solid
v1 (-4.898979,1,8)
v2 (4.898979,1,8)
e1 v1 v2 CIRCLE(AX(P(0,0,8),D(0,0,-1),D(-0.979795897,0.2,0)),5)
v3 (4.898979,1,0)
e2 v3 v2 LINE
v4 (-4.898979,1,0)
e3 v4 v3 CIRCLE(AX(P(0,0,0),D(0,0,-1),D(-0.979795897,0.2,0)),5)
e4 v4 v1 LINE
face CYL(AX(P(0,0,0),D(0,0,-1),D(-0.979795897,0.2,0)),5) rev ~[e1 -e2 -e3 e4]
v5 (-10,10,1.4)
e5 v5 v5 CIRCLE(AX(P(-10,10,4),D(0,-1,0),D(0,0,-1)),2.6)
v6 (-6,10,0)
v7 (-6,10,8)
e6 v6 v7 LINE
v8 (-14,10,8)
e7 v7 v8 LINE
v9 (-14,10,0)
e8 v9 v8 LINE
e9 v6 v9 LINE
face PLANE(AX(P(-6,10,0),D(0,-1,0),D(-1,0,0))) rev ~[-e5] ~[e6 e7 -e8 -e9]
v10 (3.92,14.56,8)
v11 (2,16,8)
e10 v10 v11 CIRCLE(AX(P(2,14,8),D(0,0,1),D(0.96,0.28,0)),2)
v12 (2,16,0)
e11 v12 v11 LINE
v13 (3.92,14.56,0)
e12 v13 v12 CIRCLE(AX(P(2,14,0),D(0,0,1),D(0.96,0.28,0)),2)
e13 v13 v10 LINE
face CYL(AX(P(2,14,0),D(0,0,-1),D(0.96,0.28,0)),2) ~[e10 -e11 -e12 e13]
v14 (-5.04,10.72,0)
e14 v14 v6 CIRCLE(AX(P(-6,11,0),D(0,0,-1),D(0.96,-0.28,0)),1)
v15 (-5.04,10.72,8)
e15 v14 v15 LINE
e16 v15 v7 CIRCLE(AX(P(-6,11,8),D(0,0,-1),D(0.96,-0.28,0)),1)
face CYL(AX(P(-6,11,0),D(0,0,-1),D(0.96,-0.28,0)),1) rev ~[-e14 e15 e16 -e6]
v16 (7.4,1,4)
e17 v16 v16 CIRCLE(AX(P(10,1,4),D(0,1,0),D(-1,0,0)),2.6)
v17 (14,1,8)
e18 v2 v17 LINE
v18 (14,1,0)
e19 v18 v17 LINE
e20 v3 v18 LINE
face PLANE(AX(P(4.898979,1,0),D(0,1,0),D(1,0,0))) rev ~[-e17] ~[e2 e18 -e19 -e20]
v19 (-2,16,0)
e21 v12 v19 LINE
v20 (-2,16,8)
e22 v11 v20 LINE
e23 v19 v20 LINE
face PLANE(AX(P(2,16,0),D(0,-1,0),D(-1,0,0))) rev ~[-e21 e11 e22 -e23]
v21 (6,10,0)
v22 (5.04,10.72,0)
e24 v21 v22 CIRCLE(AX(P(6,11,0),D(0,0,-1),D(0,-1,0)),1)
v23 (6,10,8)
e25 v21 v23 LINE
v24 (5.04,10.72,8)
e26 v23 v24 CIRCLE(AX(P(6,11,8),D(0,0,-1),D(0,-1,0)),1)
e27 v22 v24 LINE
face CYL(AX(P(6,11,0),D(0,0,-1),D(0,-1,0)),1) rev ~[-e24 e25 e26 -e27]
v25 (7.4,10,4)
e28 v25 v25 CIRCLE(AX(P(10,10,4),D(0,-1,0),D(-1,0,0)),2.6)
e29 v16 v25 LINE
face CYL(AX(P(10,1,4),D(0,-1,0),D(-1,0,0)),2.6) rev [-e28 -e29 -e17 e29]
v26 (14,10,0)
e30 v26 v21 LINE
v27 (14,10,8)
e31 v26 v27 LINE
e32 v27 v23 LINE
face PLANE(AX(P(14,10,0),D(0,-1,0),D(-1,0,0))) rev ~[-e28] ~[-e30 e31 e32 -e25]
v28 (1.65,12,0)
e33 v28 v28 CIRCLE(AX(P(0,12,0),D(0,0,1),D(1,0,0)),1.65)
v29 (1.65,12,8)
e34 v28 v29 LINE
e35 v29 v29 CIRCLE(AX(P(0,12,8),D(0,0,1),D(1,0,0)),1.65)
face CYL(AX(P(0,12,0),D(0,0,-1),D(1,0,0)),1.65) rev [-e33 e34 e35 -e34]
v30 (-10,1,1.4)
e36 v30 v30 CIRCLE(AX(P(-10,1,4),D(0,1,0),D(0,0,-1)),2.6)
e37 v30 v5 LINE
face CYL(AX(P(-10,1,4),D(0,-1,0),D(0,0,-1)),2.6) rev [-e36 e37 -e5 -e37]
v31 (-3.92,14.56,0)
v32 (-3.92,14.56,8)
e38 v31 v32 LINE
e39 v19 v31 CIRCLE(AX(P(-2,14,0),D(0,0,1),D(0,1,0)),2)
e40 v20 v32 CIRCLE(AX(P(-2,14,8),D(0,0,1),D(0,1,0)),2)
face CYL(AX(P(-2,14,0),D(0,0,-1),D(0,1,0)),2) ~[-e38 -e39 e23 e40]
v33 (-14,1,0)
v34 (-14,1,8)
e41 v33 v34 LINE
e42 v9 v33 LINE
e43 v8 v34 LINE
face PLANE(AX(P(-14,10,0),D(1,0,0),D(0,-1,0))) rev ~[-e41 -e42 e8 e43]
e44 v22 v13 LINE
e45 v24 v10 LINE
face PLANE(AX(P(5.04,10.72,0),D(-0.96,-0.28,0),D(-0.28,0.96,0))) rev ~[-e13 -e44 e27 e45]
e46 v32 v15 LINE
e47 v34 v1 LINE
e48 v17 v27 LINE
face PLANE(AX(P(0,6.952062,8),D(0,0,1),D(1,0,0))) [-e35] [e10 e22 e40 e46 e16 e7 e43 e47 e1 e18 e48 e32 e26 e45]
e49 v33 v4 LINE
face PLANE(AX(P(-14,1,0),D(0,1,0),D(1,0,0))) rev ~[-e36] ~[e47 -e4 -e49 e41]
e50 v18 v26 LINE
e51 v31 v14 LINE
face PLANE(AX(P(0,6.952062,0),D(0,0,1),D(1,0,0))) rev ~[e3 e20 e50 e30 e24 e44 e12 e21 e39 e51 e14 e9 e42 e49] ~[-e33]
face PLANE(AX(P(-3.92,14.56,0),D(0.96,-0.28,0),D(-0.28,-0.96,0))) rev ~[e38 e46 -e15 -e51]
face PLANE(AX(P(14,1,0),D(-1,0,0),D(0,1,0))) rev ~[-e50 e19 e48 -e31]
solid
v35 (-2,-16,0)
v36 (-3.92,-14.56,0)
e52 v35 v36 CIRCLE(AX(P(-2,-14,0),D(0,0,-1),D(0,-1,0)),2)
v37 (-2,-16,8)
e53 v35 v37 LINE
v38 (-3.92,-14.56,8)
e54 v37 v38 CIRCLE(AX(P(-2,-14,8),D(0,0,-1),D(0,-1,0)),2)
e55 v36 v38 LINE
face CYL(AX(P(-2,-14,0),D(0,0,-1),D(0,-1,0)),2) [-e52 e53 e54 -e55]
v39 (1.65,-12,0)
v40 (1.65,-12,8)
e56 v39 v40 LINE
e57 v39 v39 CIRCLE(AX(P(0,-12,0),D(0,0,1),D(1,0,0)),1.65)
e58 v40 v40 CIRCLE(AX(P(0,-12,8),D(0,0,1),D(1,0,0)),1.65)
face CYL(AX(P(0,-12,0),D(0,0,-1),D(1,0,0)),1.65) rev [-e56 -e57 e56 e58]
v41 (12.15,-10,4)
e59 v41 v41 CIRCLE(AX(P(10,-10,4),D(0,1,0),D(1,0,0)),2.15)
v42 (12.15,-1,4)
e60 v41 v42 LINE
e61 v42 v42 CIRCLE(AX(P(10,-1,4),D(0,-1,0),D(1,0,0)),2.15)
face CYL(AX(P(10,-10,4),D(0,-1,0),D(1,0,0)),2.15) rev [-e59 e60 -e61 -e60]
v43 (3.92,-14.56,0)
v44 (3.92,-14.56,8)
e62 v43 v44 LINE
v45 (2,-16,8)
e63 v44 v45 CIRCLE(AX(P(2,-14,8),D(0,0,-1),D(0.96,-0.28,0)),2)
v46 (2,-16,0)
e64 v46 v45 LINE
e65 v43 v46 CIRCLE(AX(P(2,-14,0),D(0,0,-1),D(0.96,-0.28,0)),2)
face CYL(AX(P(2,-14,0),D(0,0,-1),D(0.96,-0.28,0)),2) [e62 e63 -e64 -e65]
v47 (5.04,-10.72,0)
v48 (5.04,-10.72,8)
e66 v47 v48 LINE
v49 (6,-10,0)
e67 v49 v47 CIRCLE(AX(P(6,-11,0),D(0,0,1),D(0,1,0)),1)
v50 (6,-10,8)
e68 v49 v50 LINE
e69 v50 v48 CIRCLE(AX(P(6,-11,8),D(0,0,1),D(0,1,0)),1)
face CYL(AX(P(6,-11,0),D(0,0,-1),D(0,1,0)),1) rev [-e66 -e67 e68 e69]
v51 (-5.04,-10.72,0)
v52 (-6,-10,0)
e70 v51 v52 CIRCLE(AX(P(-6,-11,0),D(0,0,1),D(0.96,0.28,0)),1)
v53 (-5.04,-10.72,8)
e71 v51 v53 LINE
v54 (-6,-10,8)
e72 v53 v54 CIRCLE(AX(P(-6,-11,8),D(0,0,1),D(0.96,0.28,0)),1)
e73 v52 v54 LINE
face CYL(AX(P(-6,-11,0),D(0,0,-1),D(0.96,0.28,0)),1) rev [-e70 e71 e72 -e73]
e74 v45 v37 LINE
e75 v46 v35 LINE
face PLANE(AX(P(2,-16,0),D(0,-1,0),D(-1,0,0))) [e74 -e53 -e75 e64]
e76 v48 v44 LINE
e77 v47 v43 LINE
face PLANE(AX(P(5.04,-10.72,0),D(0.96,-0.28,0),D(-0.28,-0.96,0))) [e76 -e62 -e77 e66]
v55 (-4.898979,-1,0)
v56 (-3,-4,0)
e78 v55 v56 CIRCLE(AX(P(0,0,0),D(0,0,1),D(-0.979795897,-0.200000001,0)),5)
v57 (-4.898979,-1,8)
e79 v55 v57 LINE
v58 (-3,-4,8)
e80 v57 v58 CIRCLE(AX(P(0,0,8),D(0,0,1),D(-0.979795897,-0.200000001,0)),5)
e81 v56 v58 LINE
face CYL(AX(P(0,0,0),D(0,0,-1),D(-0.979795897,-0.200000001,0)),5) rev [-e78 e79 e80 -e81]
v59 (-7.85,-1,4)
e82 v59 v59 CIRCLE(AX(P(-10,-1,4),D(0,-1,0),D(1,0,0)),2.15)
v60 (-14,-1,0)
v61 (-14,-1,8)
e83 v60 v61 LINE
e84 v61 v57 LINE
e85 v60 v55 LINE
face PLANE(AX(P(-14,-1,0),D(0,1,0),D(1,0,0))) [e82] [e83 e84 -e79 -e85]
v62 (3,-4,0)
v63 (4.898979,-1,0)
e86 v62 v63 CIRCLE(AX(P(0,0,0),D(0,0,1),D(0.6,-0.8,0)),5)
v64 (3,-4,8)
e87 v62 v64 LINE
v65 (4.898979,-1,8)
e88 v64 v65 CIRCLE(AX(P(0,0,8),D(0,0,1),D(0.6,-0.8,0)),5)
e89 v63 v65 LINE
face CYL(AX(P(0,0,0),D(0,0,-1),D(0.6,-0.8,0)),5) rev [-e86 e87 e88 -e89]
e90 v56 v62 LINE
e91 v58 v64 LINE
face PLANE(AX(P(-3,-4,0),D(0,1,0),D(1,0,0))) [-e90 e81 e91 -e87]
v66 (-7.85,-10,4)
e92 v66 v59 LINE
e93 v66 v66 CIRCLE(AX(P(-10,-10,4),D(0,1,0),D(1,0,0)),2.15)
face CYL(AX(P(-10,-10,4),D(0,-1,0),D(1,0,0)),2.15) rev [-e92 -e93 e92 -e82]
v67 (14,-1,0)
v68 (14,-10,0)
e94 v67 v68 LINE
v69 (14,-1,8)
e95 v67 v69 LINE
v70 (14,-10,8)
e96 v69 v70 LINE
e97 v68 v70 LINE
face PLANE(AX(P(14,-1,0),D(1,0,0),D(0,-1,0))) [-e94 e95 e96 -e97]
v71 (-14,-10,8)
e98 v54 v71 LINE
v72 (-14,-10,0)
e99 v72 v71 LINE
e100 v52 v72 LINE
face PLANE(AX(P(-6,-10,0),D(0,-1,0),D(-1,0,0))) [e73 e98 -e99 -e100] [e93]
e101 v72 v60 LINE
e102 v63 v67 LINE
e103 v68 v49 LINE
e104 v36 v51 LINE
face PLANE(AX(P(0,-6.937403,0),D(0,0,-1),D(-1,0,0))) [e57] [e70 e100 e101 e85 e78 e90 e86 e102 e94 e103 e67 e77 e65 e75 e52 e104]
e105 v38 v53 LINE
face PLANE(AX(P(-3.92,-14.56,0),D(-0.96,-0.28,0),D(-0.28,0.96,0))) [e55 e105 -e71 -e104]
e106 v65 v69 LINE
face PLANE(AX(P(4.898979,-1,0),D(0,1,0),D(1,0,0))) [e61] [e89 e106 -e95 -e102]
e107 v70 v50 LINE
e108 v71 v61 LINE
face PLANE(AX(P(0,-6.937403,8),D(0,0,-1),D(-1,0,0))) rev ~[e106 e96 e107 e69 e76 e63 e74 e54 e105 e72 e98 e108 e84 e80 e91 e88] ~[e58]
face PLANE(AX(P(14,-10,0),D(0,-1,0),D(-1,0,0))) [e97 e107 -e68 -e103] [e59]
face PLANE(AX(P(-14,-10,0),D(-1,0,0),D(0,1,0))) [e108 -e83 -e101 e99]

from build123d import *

# Parameters (mm, degrees)
SKETCH_1_R               = 1.65
EXTRUDE_1_DEPTH          = 8
EXTRUDE_1_2_DEPTH        = 8
CUT_EXTRUDE_2_DEPTH      = 31.594117082
CUT_EXTRUDE_2_DEPTH_BACK = 9
SKETCH_3_R               = 2.6
SKETCH_4_R               = 2.15
CUT_EXTRUDE_3_DEPTH      = 31.594117082


with BuildPart() as part:
    # 草图1 → 凸台-拉伸1 (new body)
    with BuildSketch(Plane.XY):
        with BuildLine():
            Line((-3, -4), (3, -4))
            ThreePointArc((3, -4), (4.224744871, -2.674234614), (4.898979486, -1))
            Line((4.898979486, -1), (14, -1))
            Line((14, -1), (14, -10))
            Line((14, -10), (6, -10))
            ThreePointArc((6, -10), (5.4, -10.2), (5.04, -10.72))
            Line((5.04, -10.72), (3.92, -14.56))
            ThreePointArc((3.92, -14.56), (3.2, -15.6), (2, -16))
            Line((2, -16), (-2, -16))
            ThreePointArc((-2, -16), (-3.2, -15.6), (-3.92, -14.56))
            Line((-3.92, -14.56), (-5.04, -10.72))
            ThreePointArc((-5.04, -10.72), (-5.4, -10.2), (-6, -10))
            Line((-6, -10), (-14, -10))
            Line((-14, -10), (-14, -1))
            Line((-14, -1), (-4.898979486, -1))
            ThreePointArc((-4.898979486, -1), (-4.224744871, -2.674234614), (-3, -4))
        make_face()
        with Locations((0, -12)):
            Circle(SKETCH_1_R, mode=Mode.SUBTRACT)
    extrude(amount=EXTRUDE_1_DEPTH)

    # 草图4 → 切除-拉伸3 (cut, through all)
    with BuildSketch(Plane(origin=(0, -10, 0), x_dir=(1, 0, 0), z_dir=(0, 1, 0))):
        with Locations((10, -4)):
            Circle(SKETCH_4_R)
        with Locations((-10, -4)):
            Circle(SKETCH_4_R)
    extrude(amount=CUT_EXTRUDE_3_DEPTH, mode=Mode.SUBTRACT)


with BuildPart() as body_2:
    # 草图1 → Extrude 1 2 (new body)
    with BuildSketch(Plane.XY):
        with BuildLine():
            Line((-3.92, 14.56), (-5.04, 10.72))
            ThreePointArc((-5.04, 10.72), (-5.4, 10.2), (-6, 10))
            Line((-6, 10), (-14, 10))
            Line((-14, 10), (-14, 1))
            Line((-14, 1), (-4.898979486, 1))
            ThreePointArc((-4.898979486, 1), (0, 5), (4.898979486, 1))
            Line((4.898979486, 1), (14, 1))
            Line((14, 1), (14, 10))
            Line((14, 10), (6, 10))
            ThreePointArc((6, 10), (5.4, 10.2), (5.04, 10.72))
            Line((5.04, 10.72), (3.92, 14.56))
            ThreePointArc((3.92, 14.56), (3.2, 15.6), (2, 16))
            Line((2, 16), (-2, 16))
            ThreePointArc((-2, 16), (-3.2, 15.6), (-3.92, 14.56))
        make_face()
        with Locations((0, 12)):
            Circle(SKETCH_1_R, mode=Mode.SUBTRACT)
    extrude(amount=EXTRUDE_1_2_DEPTH)

    # 草图3 → 切除-拉伸2 (cut, two sides: drawn at the far end of the back side and taken through both)
    with BuildSketch(Plane(origin=(0, 10, 0), x_dir=(1, 0, 0), z_dir=(0, 1, 0)).offset(-CUT_EXTRUDE_2_DEPTH_BACK)):
        with Locations(Location((10, -4, 0), (0, 0, 180))):
            Circle(SKETCH_3_R)
        with Locations(Location((-10, -4, 0), (0, 0, 90))):
            Circle(SKETCH_3_R)
    extrude(amount=CUT_EXTRUDE_2_DEPTH + CUT_EXTRUDE_2_DEPTH_BACK, mode=Mode.SUBTRACT)


solid = Compound([part.part, body_2.part])
